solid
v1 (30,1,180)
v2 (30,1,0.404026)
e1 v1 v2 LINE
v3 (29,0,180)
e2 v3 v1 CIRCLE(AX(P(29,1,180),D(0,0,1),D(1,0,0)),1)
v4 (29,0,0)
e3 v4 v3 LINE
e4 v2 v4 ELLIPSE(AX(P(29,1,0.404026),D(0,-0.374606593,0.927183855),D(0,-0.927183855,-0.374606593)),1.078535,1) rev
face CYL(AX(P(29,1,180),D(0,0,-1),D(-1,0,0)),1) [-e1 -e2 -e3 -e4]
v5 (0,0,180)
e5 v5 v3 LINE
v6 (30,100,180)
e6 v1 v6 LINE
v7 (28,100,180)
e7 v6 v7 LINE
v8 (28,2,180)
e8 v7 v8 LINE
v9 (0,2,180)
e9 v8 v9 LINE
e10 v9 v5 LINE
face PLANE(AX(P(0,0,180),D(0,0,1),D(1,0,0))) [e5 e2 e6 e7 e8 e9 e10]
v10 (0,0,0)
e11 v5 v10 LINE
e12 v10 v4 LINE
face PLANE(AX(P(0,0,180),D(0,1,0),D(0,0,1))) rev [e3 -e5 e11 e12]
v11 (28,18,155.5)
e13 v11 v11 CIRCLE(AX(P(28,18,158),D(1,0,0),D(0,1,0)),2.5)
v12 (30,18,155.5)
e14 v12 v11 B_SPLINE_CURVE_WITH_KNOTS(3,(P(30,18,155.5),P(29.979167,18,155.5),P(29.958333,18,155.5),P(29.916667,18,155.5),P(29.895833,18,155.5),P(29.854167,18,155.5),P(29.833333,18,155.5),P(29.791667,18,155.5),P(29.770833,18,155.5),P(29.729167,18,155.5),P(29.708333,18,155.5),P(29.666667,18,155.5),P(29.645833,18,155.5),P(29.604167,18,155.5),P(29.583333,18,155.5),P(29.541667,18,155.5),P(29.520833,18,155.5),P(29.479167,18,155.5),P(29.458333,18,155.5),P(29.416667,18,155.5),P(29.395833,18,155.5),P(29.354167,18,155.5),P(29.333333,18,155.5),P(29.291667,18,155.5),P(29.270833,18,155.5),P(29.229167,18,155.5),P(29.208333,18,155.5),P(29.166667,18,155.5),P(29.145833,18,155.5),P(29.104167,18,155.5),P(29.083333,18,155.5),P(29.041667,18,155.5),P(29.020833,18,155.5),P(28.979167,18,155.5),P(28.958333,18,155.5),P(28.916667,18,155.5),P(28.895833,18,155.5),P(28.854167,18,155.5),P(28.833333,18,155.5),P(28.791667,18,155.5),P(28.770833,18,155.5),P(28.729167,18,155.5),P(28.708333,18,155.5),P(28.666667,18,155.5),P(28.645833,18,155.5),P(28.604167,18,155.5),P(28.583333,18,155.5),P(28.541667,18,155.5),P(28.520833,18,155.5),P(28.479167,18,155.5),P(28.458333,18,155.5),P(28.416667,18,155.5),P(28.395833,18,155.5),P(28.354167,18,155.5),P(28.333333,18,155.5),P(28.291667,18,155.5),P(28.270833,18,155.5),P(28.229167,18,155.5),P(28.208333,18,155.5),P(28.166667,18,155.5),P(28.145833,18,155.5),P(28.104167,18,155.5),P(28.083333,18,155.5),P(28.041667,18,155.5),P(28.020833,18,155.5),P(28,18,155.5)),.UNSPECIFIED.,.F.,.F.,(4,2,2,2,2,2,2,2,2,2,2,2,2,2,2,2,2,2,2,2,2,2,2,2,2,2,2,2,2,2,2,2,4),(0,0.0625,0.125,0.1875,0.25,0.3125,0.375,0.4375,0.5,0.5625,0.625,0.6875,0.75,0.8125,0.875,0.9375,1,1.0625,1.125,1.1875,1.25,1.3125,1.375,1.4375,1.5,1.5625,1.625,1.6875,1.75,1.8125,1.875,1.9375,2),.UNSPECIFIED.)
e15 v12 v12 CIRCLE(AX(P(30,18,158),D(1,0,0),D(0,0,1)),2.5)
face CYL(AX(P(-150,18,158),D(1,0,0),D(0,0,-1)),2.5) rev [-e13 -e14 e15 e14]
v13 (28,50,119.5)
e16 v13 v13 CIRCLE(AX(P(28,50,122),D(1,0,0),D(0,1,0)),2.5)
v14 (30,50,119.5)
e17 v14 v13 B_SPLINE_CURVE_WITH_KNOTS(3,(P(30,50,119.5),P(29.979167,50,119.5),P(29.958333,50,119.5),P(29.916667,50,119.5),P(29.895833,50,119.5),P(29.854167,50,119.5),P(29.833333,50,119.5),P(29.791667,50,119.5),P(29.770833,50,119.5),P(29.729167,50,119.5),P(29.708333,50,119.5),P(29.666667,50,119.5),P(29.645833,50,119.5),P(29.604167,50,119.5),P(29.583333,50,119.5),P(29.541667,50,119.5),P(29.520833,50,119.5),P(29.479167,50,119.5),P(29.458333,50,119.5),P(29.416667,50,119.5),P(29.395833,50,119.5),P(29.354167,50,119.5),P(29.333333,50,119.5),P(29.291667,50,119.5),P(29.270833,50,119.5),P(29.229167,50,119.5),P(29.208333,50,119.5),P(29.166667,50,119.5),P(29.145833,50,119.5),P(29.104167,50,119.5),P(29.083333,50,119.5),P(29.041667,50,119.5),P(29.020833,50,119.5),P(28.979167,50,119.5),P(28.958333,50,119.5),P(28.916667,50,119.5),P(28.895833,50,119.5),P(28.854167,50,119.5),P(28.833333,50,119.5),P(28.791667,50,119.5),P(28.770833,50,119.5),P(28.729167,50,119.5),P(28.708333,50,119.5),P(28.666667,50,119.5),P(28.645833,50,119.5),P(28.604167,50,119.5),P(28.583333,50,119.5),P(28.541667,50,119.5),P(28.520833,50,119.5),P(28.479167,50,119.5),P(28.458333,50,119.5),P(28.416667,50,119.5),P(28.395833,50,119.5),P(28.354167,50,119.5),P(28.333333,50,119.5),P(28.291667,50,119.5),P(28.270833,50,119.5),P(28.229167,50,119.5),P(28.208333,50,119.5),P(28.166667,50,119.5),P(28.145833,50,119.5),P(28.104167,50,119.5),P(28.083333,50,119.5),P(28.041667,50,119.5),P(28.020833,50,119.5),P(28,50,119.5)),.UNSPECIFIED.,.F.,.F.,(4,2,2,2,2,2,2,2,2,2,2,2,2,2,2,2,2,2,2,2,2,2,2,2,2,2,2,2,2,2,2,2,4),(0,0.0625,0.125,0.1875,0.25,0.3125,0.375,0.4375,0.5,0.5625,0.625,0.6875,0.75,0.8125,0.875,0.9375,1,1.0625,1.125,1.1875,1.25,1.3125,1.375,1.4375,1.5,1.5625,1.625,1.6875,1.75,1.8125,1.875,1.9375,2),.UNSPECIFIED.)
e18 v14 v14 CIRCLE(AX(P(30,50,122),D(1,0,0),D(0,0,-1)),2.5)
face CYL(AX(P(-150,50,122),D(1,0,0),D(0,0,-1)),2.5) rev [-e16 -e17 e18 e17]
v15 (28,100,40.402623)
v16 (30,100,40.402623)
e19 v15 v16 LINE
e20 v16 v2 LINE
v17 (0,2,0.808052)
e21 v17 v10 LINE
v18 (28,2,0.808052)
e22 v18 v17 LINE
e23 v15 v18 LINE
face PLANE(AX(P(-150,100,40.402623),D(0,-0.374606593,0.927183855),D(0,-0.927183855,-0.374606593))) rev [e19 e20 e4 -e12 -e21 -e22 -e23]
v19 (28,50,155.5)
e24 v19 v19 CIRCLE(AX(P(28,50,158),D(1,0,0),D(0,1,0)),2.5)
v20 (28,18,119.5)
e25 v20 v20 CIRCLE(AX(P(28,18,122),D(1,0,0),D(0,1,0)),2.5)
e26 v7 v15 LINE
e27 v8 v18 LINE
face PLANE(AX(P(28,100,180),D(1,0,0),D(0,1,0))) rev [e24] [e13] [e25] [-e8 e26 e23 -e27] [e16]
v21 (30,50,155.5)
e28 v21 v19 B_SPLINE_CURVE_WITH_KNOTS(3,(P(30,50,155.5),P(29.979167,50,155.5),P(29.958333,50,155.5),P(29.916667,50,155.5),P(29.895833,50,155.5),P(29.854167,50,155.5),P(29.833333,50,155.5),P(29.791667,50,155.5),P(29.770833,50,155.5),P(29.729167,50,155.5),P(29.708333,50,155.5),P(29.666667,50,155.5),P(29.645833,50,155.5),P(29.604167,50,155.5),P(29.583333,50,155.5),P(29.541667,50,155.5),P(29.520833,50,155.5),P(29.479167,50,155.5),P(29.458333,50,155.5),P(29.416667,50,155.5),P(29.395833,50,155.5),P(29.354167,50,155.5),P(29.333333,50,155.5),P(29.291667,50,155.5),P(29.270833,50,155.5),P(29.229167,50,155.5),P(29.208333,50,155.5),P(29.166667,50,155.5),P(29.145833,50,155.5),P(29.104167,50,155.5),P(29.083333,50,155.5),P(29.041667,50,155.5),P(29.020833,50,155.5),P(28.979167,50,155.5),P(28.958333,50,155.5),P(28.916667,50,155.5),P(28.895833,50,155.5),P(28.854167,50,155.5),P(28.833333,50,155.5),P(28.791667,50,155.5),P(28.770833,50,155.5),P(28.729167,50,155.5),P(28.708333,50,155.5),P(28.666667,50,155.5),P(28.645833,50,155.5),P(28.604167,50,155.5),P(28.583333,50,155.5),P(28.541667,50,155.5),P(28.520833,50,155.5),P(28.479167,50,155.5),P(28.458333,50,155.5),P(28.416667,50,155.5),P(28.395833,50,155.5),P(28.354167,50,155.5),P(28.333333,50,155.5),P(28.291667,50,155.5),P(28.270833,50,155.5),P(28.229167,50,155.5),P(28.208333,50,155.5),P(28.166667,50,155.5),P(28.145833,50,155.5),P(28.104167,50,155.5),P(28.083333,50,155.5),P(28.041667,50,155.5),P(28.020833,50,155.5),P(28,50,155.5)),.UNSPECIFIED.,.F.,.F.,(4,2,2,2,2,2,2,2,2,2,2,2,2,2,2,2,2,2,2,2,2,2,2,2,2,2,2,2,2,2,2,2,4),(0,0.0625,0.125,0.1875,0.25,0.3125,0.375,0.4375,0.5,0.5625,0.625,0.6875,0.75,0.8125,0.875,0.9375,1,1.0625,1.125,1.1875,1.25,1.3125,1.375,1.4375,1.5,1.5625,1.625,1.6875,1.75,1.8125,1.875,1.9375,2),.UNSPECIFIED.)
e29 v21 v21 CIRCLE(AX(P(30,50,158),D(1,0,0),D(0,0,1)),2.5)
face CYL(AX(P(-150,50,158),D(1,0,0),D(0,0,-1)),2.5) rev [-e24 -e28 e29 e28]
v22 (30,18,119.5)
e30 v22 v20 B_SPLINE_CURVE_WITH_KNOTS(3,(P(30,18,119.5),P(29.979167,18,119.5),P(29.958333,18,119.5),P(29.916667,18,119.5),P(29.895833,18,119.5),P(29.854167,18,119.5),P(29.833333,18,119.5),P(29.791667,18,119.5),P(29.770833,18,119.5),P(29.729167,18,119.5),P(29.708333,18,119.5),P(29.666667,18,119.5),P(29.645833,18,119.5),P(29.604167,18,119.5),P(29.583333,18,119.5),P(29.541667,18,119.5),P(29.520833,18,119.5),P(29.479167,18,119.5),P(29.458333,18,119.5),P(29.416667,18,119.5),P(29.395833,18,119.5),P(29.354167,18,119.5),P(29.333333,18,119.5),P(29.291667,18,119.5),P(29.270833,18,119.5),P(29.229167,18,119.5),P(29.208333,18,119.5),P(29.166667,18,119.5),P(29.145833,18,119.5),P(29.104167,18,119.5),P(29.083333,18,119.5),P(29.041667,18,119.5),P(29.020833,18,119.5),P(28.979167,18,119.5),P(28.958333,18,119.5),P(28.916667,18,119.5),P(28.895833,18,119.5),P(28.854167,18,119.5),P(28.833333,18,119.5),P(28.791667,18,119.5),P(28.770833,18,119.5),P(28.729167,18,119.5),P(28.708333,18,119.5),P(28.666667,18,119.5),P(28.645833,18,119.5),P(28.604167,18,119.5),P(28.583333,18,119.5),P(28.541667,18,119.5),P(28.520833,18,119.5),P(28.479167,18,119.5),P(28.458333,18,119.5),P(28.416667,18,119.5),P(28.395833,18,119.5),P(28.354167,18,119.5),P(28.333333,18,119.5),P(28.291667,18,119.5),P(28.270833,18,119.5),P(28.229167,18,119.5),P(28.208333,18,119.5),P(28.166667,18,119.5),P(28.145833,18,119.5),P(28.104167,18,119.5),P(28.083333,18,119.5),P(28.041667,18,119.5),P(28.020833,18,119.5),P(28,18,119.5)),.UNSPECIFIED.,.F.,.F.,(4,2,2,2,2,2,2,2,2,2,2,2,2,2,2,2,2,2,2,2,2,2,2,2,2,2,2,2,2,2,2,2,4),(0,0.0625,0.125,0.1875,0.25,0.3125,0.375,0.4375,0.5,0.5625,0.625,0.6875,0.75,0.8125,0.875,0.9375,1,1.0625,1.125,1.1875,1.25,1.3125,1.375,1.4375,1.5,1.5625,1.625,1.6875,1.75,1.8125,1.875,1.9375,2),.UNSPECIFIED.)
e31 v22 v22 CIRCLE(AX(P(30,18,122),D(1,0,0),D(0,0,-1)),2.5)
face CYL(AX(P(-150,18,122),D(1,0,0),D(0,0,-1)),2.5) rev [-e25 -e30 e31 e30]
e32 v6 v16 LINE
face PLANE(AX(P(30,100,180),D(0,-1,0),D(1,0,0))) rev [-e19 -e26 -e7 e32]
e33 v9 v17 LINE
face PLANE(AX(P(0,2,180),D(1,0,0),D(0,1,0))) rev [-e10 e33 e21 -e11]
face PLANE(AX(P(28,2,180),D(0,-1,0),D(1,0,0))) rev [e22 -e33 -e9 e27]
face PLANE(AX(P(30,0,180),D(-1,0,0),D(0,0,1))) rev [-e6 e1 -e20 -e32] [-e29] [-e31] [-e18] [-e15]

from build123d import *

# Parameters (mm, degrees)
BOSS_EXTRUDE1_DEPTH = 180
SKETCH2_R           = 2.5
CUT_EXTRUDE1_DEPTH  = 180
FILLET1_R           = 1


with BuildPart() as part:
    # Sketch1 → Boss-Extrude1 (new body)
    with BuildSketch(Plane.XY):
        Polygon((0, 0), (30, 0), (30, 100), (28, 100), (28, 2), (0, 2), align=None)
    extrude(amount=BOSS_EXTRUDE1_DEPTH)

    # Sketch2 → Cut-Extrude1 (cut)
    with BuildSketch(Plane(origin=(30, 0, 0), x_dir=(0, 0, -1), z_dir=(1, 0, 0))):
        with Locations((-122, 50)):
            Circle(SKETCH2_R)
        with Locations((-122, 18)):
            Circle(SKETCH2_R)
        with Locations((-158, 18)):
            Circle(SKETCH2_R)
        with Locations((-158, 50)):
            Circle(SKETCH2_R)
        Polygon((0, 0), (0, 100), (-40.402622584, 100), align=None)
    extrude(amount=-CUT_EXTRUDE1_DEPTH, mode=Mode.SUBTRACT)

    # Fillet1
    fillet1_edges = [part.edges().sort_by_distance(p)[0] for p in [
        (30, 0, 90),
    ]]
    fillet(fillet1_edges, radius=FILLET1_R)


solid = part.part
